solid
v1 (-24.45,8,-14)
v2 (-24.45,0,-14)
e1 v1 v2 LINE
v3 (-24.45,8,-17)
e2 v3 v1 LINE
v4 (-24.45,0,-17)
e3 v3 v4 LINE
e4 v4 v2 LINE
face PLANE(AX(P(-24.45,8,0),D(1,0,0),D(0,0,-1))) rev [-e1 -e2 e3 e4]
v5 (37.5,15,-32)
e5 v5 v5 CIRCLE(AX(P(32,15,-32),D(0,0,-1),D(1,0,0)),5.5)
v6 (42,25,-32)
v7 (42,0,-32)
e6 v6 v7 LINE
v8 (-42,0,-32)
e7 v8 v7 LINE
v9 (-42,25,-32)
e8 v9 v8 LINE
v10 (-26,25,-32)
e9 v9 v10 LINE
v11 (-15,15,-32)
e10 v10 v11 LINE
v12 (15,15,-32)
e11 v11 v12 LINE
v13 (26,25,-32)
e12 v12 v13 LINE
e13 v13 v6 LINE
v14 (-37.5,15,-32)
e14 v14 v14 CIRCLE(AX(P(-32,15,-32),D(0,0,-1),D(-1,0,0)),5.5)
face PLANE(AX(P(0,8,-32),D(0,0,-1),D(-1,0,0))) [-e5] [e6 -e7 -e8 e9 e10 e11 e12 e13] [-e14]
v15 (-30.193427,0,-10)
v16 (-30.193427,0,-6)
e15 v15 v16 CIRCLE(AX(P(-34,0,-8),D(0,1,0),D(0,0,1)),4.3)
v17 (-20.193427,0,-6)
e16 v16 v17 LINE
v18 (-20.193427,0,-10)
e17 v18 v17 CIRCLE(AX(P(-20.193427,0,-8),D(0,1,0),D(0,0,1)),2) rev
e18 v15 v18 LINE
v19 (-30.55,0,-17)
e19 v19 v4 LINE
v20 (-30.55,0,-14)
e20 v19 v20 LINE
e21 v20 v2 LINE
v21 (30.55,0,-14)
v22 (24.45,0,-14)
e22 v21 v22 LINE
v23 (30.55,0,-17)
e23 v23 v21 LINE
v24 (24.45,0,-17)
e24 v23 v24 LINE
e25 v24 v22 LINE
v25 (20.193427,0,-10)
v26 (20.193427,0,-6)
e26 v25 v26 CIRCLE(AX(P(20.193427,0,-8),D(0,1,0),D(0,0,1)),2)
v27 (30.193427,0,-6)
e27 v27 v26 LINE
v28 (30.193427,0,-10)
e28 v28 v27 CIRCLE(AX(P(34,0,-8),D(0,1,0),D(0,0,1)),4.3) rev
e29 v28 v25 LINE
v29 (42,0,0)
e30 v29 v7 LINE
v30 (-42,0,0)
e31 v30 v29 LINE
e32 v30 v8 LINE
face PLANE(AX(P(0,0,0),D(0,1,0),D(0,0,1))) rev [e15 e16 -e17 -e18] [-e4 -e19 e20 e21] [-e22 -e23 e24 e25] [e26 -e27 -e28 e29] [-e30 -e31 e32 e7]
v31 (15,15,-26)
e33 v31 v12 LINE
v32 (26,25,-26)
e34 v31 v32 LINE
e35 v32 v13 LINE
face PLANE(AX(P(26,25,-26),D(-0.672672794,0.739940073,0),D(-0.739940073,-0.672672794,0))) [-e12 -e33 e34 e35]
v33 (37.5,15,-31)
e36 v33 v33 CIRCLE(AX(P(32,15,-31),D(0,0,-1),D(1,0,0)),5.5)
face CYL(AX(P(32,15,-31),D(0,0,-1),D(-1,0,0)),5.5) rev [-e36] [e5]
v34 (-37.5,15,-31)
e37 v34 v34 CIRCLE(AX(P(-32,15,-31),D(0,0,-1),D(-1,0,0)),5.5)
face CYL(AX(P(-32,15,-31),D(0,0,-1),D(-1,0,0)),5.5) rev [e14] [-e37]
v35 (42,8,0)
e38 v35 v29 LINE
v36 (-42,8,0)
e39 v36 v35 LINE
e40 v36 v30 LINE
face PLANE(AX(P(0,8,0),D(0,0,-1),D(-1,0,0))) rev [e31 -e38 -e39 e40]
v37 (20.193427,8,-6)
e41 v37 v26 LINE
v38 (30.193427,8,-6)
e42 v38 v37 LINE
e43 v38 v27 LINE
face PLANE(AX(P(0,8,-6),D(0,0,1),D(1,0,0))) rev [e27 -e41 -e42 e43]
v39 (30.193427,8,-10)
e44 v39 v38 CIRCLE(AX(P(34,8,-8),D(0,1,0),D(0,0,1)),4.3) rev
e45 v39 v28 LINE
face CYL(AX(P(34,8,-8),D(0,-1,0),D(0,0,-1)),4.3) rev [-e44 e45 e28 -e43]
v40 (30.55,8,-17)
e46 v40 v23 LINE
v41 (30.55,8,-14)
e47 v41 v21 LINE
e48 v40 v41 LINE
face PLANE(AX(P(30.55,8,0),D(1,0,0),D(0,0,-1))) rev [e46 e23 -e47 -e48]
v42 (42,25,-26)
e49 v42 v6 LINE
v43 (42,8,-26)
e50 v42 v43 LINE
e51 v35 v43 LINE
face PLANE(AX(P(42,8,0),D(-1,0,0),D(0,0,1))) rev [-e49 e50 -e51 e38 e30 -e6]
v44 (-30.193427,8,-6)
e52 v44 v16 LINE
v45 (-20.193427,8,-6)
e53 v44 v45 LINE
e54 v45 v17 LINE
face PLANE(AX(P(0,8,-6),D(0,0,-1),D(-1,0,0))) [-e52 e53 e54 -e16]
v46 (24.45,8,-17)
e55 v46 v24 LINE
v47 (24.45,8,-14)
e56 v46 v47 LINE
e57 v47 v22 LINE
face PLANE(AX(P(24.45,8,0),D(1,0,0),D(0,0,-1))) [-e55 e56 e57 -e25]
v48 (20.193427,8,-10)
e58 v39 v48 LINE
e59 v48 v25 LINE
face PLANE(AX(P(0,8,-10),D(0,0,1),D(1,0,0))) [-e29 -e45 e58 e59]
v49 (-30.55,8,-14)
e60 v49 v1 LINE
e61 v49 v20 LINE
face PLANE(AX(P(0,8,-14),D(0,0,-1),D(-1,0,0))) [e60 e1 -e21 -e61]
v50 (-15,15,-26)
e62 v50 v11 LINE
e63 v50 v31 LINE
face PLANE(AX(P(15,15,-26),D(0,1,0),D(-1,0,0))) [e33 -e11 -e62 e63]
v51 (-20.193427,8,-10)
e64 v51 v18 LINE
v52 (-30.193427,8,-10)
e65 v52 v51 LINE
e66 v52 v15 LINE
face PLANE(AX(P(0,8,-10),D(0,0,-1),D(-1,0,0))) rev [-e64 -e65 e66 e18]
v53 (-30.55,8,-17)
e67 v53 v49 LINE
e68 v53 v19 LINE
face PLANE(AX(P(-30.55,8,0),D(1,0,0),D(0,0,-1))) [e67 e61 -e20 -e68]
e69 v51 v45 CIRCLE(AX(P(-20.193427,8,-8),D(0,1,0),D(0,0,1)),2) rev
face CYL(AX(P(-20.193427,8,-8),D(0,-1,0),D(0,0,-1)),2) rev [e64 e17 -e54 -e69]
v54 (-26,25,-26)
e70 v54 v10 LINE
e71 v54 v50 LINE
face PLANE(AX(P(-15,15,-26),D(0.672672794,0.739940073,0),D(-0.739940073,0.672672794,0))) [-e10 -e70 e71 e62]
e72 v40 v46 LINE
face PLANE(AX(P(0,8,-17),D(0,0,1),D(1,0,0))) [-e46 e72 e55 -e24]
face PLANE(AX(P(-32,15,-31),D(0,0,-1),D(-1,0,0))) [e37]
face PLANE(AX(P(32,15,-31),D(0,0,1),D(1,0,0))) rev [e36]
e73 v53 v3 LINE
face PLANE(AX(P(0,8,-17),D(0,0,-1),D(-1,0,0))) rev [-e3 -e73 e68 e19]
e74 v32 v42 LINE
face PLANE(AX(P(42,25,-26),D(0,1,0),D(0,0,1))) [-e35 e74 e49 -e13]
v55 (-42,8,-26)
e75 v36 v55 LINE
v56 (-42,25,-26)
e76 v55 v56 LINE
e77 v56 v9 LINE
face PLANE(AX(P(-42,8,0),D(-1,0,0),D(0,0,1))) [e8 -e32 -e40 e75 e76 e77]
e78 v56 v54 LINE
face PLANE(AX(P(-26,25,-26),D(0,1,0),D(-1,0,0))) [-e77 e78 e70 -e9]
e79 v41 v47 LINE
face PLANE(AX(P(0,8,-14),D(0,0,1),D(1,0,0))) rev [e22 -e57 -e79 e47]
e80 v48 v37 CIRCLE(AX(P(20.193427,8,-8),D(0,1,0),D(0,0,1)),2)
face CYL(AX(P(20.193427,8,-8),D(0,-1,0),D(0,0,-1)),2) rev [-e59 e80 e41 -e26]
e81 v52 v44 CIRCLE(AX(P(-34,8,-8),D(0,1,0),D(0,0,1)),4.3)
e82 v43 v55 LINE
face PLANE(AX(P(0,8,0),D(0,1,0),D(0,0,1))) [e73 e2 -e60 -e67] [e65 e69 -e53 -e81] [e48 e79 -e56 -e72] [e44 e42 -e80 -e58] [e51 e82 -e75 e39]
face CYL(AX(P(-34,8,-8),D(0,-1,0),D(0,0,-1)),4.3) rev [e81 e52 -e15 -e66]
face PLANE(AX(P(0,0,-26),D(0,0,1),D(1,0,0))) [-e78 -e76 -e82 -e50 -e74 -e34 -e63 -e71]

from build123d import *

# Parameters (mm, degrees)
SKETCH2_W           = 84
SKETCH2_H           = 32
SKETCH2_W_2         = 6.1
SKETCH2_H_2         = 3
BOSS_EXTRUDE2_DEPTH = 8
BOSS_EXTRUDE3_DEPTH = 6
SKETCH4_R           = 5.5
CUT_EXTRUDE1_DEPTH  = 1


with BuildPart() as part:
    # Sketch2 → Boss-Extrude2 (new body)
    with BuildSketch(Plane(origin=(0, 0, 0), x_dir=(1, 0, 0), z_dir=(0, 1, 0))):
        with Locations((0, 16)):
            Rectangle(SKETCH2_W, SKETCH2_H)
        with BuildLine():
            ThreePointArc((20.193426738, 10), (18.193426738, 8), (20.193426738, 6))
            Line((20.193426738, 6), (30.193426738, 6))
            ThreePointArc((30.193426738, 6), (38.3, 8), (30.193426738, 10))
            Line((30.193426738, 10), (20.193426738, 10))
        make_face(mode=Mode.SUBTRACT)
        with BuildLine():
            ThreePointArc((-30.193426738, 10), (-38.3, 8), (-30.193426738, 6))
            Line((-30.193426738, 6), (-20.193426738, 6))
            ThreePointArc((-20.193426738, 6), (-18.193426738, 8), (-20.193426738, 10))
            Line((-20.193426738, 10), (-30.193426738, 10))
        make_face(mode=Mode.SUBTRACT)
        with Locations((27.5, 15.5)):
            Rectangle(SKETCH2_W_2, SKETCH2_H_2, mode=Mode.SUBTRACT)
        with Locations((-27.5, 15.5)):
            Rectangle(SKETCH2_W_2, SKETCH2_H_2, mode=Mode.SUBTRACT)
    extrude(amount=BOSS_EXTRUDE2_DEPTH)

    # Sketch3 → Boss-Extrude3 (add)
    with BuildSketch(Plane(origin=(0, 0, -32), x_dir=(-1, 0, 0), z_dir=(0, 0, -1))):
        Polygon((-42, 8), (-42, 25), (-26, 25), (-15, 15), (15, 15), (26, 25), (42, 25), (42, 8), align=None)
    extrude(amount=-BOSS_EXTRUDE3_DEPTH)

    # Sketch4 → Cut-Extrude1 (cut)
    with BuildSketch(Plane(origin=(0, 0, -32), x_dir=(-1, 0, 0), z_dir=(0, 0, -1))):
        with Locations((32, 15)):
            Circle(SKETCH4_R)
        with Locations(Location((-32, 15, 0), (0, 0, 180))):
            Circle(SKETCH4_R)
    extrude(amount=-CUT_EXTRUDE1_DEPTH, mode=Mode.SUBTRACT)


solid = part.part
